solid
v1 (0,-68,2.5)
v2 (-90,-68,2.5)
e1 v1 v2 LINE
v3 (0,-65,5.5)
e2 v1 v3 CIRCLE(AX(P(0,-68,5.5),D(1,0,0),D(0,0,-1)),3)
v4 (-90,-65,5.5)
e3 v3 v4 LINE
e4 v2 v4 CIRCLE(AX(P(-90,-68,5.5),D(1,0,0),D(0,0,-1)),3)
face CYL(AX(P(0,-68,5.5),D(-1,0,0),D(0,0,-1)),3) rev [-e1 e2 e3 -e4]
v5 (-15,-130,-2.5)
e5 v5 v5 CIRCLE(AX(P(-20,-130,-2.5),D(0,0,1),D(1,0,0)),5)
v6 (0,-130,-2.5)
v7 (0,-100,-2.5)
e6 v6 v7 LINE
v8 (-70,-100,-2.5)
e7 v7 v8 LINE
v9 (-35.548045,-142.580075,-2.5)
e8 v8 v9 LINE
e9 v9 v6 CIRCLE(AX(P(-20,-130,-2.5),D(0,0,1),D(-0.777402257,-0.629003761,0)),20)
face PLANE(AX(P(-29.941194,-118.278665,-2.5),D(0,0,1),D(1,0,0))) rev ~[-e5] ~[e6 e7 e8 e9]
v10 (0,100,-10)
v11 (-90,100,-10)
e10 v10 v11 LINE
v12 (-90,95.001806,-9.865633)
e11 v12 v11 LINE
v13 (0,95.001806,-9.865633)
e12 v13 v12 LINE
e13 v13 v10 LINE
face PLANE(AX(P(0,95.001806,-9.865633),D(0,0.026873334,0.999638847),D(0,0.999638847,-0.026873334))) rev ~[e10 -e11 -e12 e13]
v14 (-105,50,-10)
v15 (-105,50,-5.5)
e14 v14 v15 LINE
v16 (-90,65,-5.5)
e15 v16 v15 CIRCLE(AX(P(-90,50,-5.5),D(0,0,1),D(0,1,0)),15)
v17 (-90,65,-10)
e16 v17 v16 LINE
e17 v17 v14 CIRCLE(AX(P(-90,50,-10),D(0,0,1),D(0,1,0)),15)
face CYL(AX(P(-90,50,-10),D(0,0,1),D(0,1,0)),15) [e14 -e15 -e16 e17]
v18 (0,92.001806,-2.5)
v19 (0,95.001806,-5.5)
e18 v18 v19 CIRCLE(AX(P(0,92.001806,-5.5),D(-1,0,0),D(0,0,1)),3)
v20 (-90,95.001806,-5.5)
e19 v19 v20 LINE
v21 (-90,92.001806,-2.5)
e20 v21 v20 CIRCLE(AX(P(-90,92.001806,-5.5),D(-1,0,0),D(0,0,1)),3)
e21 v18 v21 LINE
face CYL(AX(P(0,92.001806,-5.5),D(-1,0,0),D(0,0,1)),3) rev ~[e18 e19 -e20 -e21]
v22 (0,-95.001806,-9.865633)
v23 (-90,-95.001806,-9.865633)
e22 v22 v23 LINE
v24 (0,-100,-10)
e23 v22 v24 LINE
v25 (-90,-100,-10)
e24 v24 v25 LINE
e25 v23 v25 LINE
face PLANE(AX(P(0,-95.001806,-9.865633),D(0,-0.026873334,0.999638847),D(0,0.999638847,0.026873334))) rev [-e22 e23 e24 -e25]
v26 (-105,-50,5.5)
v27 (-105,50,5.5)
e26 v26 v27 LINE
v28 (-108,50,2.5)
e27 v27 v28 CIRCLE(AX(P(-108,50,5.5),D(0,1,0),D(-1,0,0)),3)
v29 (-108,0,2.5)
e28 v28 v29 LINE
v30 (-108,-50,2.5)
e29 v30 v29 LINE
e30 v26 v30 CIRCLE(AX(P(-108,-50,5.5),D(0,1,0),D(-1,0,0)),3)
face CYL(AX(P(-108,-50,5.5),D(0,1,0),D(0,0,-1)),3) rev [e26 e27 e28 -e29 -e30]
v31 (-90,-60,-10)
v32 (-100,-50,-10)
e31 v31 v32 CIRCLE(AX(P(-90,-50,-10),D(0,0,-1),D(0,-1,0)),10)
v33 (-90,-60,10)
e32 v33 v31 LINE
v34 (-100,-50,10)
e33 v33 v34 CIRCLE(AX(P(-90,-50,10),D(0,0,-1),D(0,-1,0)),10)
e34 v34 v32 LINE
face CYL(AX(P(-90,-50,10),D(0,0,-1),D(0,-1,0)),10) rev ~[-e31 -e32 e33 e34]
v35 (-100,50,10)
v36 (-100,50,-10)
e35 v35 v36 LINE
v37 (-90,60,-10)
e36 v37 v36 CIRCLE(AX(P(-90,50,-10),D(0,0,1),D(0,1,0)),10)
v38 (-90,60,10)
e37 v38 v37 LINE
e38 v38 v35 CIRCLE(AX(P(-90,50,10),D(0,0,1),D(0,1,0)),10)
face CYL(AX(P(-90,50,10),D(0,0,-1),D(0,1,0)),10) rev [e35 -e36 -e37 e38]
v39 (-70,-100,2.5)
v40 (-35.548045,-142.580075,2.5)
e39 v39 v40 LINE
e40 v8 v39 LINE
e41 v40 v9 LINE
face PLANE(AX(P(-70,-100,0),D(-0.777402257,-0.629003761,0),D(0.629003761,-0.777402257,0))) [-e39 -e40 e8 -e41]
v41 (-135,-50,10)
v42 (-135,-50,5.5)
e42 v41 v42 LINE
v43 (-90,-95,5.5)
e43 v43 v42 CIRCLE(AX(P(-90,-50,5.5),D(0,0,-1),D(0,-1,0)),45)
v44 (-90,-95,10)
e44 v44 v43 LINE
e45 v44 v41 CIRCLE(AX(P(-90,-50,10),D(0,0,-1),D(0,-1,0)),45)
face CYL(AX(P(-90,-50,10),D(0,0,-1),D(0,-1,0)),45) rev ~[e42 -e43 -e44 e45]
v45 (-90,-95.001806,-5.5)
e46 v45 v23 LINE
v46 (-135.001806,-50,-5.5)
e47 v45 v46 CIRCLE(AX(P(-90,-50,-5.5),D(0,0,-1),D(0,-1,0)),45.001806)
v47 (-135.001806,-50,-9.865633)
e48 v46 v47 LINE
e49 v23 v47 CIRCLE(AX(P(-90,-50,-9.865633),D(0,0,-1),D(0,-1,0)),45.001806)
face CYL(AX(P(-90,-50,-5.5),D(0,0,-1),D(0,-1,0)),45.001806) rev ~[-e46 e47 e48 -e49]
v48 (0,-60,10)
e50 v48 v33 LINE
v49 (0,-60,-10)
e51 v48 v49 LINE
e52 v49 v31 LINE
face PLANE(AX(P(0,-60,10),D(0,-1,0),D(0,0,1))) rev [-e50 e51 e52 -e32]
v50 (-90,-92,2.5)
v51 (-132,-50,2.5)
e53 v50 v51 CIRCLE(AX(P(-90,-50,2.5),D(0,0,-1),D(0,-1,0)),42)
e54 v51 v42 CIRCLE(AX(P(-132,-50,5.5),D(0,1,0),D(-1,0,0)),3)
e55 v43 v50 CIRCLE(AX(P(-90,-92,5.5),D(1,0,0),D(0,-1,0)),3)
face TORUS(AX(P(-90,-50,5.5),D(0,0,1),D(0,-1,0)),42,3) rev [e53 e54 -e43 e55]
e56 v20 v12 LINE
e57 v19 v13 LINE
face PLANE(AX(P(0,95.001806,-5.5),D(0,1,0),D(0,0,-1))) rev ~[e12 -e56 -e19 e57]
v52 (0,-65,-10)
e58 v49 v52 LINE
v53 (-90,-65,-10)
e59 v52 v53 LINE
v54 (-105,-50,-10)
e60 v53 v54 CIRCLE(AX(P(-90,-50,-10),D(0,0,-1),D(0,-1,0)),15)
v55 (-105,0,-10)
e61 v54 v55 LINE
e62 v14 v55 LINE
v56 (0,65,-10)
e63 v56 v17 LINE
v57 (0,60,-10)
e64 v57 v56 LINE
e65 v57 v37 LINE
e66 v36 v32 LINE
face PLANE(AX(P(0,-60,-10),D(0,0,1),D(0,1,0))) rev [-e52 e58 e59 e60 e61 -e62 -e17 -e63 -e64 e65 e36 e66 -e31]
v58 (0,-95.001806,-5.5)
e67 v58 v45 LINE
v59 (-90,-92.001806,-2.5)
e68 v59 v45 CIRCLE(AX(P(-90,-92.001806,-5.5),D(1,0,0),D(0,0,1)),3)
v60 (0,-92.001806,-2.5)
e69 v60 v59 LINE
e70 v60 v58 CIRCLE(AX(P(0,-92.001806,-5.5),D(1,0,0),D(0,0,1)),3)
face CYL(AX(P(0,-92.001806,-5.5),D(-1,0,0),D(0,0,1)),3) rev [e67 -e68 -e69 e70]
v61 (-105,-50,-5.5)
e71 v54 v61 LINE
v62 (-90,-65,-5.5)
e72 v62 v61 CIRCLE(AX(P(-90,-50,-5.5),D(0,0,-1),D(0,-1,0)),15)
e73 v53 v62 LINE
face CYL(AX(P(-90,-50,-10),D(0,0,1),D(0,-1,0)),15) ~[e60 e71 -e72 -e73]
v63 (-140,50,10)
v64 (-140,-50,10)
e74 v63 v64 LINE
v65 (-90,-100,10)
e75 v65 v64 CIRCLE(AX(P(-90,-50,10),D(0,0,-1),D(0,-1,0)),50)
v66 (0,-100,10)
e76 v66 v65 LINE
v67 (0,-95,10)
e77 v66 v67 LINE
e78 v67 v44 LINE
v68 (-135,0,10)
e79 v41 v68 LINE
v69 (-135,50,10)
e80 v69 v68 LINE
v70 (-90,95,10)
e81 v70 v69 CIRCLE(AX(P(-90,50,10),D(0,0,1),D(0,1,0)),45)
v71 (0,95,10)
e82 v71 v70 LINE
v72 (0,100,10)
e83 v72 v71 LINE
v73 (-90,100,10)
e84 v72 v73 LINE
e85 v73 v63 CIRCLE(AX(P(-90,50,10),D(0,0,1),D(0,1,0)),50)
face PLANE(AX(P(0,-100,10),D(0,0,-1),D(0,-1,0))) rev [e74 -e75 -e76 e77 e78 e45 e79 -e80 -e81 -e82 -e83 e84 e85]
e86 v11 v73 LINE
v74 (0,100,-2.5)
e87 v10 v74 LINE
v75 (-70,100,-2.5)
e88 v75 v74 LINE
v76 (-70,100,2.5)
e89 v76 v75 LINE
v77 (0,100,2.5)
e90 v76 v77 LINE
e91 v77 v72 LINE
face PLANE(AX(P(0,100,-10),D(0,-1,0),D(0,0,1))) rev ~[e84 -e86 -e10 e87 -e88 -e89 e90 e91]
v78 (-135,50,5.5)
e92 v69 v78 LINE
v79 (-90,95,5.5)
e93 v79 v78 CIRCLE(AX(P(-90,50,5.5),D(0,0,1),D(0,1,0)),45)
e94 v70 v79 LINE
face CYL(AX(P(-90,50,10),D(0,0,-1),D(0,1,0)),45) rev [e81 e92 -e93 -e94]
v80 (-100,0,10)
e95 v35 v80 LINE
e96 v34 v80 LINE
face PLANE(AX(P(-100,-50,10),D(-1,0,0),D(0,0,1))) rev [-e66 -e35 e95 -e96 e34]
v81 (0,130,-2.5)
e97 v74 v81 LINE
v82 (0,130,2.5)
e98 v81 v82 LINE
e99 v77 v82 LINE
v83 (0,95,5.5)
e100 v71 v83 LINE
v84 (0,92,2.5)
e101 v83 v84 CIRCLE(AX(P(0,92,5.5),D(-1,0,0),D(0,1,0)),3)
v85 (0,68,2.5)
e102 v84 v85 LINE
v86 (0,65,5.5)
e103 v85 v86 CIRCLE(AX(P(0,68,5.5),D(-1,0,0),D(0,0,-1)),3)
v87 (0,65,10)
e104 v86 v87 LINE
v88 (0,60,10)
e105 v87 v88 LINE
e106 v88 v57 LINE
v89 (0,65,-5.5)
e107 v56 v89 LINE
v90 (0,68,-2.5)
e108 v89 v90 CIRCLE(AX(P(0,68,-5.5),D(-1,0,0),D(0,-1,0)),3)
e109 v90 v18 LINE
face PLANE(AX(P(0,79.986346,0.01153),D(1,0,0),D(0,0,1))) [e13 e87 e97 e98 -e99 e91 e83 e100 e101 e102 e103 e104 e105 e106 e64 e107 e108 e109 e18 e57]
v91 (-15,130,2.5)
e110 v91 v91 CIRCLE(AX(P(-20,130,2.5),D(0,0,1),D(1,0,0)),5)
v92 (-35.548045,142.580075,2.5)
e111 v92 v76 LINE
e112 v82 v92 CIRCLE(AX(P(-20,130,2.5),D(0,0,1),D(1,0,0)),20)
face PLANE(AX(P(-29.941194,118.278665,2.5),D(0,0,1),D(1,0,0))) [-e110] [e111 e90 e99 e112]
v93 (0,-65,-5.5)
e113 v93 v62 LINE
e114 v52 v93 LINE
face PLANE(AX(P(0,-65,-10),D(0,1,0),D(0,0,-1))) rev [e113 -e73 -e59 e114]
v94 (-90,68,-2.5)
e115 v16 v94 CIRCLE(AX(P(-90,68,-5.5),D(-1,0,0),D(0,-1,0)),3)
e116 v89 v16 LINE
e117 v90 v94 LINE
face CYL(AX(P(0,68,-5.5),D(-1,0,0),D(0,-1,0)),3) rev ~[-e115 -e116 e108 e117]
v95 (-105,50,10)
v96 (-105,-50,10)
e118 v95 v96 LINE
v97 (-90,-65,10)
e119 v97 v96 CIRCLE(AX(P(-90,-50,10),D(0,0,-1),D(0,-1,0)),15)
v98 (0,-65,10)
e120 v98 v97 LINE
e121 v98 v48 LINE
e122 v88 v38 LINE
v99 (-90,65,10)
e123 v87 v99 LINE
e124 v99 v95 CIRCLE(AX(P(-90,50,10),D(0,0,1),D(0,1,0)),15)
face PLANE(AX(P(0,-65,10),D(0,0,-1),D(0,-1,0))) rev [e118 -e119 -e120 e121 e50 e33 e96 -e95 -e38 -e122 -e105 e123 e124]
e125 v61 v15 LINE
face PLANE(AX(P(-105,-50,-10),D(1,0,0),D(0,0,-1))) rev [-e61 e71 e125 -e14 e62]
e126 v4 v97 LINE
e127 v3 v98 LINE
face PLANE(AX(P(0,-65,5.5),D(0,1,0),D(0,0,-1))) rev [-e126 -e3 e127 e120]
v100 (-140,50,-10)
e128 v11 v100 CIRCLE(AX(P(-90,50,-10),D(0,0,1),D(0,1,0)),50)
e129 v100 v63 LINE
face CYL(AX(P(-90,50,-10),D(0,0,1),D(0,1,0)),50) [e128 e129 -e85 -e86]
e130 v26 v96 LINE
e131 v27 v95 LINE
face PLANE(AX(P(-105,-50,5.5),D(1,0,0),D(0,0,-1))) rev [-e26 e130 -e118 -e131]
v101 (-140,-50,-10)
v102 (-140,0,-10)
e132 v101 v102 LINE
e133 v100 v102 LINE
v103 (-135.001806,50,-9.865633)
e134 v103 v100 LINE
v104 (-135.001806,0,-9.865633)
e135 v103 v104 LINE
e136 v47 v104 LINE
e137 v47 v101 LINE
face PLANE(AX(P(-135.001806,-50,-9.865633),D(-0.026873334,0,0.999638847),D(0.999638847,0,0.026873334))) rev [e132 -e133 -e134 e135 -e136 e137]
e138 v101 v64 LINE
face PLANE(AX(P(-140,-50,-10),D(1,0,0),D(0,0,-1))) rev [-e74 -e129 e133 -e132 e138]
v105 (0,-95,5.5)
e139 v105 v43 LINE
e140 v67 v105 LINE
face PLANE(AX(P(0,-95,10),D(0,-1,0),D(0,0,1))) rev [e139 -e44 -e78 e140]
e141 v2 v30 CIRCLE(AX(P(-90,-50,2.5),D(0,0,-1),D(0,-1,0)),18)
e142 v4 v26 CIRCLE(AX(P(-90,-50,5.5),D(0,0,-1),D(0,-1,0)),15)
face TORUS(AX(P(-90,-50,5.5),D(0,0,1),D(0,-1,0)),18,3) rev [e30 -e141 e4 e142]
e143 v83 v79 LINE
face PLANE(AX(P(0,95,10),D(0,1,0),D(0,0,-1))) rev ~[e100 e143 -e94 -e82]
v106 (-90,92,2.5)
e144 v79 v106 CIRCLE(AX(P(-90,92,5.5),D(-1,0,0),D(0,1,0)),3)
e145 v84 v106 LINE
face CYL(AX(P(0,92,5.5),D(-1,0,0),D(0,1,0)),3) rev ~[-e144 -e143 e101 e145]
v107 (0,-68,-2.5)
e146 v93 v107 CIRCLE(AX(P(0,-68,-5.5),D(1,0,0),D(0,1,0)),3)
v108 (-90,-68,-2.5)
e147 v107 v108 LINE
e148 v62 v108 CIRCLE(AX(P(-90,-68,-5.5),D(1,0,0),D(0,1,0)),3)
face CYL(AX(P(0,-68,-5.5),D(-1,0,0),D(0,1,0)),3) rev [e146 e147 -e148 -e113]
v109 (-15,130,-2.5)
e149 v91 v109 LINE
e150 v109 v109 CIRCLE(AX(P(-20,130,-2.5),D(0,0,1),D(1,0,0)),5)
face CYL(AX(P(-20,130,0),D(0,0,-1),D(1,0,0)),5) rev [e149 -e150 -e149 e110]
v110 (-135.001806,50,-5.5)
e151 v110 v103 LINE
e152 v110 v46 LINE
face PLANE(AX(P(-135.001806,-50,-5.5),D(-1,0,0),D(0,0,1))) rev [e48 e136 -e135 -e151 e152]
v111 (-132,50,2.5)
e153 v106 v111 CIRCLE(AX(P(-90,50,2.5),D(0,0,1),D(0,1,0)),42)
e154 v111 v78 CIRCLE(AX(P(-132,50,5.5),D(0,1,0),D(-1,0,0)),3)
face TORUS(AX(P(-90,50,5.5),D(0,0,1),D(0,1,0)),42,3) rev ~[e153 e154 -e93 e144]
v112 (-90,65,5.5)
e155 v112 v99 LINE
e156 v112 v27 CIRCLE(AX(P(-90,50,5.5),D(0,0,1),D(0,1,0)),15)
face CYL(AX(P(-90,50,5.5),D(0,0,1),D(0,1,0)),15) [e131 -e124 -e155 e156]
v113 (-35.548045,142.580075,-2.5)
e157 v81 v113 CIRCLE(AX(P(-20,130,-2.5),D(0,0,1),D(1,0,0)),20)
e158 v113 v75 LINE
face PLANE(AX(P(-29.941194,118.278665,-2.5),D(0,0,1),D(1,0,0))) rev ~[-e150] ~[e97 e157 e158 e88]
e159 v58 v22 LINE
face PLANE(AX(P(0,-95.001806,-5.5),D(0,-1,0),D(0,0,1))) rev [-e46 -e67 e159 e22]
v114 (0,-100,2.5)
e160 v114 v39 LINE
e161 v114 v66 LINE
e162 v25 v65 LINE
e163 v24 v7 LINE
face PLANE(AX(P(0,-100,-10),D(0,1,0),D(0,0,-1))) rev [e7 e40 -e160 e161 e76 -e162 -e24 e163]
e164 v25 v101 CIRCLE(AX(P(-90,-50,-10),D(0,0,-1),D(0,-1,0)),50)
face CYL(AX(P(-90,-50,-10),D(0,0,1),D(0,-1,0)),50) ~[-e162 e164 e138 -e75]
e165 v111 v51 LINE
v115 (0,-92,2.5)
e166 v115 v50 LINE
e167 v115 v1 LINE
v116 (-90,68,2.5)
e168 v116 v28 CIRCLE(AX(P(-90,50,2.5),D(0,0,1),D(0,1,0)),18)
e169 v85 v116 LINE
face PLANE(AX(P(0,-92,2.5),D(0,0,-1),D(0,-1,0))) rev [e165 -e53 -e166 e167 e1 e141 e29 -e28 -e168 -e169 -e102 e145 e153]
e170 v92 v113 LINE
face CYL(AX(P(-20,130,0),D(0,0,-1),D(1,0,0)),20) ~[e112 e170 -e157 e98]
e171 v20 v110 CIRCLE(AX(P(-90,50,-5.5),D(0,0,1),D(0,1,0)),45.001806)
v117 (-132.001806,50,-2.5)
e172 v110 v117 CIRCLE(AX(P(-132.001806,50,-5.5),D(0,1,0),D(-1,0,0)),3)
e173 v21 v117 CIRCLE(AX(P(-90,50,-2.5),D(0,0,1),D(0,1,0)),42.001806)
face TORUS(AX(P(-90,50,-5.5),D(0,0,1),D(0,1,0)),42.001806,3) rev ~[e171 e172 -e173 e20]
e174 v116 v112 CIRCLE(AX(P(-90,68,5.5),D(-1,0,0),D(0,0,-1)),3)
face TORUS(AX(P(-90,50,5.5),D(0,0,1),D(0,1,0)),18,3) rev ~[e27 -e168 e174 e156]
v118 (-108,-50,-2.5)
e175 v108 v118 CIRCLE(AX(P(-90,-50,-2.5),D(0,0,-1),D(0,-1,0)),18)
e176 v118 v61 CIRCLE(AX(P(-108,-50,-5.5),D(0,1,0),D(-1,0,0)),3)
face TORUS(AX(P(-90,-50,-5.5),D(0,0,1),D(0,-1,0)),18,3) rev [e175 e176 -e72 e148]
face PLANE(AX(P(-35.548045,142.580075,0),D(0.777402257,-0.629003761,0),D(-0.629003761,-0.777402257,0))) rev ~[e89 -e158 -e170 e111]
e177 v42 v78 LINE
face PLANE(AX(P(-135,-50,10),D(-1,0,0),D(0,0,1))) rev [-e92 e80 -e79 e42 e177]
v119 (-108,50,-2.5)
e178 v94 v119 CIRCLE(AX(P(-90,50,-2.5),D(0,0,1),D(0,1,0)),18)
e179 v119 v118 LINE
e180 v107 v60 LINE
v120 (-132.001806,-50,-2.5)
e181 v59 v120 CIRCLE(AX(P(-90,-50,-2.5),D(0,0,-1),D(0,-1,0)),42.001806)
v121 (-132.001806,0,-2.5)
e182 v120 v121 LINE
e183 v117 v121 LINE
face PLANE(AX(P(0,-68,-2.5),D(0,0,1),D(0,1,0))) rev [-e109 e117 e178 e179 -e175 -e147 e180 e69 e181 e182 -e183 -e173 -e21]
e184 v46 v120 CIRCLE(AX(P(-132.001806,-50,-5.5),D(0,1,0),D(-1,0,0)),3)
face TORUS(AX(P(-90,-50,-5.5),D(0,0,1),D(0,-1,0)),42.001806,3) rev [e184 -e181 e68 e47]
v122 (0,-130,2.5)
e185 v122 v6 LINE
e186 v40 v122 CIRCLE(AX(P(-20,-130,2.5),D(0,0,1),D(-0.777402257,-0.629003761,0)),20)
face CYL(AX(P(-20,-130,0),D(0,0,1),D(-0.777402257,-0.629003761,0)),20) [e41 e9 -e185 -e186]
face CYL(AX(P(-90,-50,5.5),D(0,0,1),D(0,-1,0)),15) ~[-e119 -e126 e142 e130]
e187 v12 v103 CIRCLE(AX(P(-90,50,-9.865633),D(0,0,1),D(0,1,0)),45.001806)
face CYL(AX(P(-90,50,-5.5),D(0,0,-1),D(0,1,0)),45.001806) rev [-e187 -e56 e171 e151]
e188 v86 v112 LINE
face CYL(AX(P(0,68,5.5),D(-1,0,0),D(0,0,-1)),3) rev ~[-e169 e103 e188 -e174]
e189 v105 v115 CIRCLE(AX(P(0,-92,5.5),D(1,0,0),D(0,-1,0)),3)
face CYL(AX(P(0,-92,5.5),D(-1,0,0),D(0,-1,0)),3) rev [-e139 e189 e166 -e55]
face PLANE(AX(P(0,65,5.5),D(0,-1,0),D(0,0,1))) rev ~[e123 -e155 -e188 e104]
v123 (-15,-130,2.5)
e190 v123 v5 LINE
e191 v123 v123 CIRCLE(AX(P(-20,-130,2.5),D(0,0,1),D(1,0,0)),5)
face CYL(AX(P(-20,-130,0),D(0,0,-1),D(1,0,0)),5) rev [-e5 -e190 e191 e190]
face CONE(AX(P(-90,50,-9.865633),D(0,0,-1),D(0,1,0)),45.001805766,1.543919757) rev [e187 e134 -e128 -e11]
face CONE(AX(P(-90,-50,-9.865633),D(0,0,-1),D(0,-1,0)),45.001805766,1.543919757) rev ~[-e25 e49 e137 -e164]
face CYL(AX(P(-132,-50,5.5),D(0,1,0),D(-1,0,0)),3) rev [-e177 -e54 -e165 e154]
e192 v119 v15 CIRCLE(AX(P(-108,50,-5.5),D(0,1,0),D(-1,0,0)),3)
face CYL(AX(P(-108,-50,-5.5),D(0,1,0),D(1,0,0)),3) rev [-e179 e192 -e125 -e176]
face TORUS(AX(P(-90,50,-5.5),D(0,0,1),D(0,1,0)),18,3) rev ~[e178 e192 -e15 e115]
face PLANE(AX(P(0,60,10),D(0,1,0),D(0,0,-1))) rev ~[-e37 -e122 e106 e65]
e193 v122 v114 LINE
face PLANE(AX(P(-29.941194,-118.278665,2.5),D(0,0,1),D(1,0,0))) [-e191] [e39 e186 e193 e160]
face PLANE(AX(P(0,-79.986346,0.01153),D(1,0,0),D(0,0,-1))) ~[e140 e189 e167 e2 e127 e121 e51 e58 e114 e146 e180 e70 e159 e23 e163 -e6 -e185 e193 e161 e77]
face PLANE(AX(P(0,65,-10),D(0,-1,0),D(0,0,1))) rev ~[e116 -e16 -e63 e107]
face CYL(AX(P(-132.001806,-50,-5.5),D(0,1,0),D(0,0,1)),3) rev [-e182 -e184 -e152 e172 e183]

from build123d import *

# Parameters (mm, degrees)
F4_R     = 5
F5_DEPTH = 2.5


with BuildPart() as f2:
    # F2: sweep along a path in F0
    with BuildLine(Plane.XY) as f2_path:
        Line((0, 60), (-90, 60))
        ThreePointArc((-90, 60), (-97.0710678119, 57.0710678119), (-100, 50))
        Line((-100, 50), (-100, 0))
    # F1 (on Right) → F2 (sweep)
    with BuildSketch(Plane.YZ):
        with BuildLine():
            Line((95.0018057663, -9.8656333278), (100, -10))
            Line((100, -10), (100, 10))
            Line((100, 10), (95, 10))
            Line((95, 10), (95, 5.5))
            ThreePointArc((95, 5.5), (94.1213203436, 3.3786796564), (92, 2.5))
            Line((92, 2.5), (68, 2.5))
            ThreePointArc((68, 2.5), (65.8786796564, 3.3786796564), (65, 5.5))
            Line((65, 5.5), (65, 10))
            Line((65, 10), (60, 10))
            Line((60, 10), (60, 0))
            Line((60, 0), (60, -10))
            Line((60, -10), (65, -10))
            Line((65, -10), (65, -5.5))
            ThreePointArc((65, -5.5), (65.8786796564, -3.3786796564), (68, -2.5))
            Line((68, -2.5), (92.0018057663, -2.5))
            ThreePointArc((92.0018057663, -2.5), (94.1231261099, -3.3786796564), (95.0018057663, -5.5))
            Line((95.0018057663, -5.5), (95.0018057663, -9.8656333278))
        make_face()
    sweep(path=f2_path.line)

    # F3: F2 across plane


with BuildPart() as f2_1:
    add(f2.part)
    add(f2.part.mirror(Plane.XZ))

    # F4 (on Top) → F5 (join, symmetric)
    with BuildSketch(Plane.XY):
        with BuildLine():
            Line((-70, 100), (0, 100))
            Line((0, 100), (0, 130))
            ThreePointArc((0, 130), (-13.3277028936, 148.8541892248), (-35.5480451324, 142.5800752207))
            Line((-35.5480451324, 142.5800752207), (-70, 100))
        make_face()
        with Locations((-20, 130)):
            Circle(F4_R, mode=Mode.SUBTRACT)
        with BuildLine():
            Line((0, -130), (0, -100))
            Line((0, -100), (-70, -100))
            Line((-70, -100), (-35.5480451324, -142.5800752207))
            ThreePointArc((-35.5480451324, -142.5800752207), (-13.3277028936, -148.8541892248), (0, -130))
        make_face()
        with Locations((-20, -130)):
            Circle(F4_R, mode=Mode.SUBTRACT)
    extrude(amount=F5_DEPTH, both=True)


solid = f2_1.part
